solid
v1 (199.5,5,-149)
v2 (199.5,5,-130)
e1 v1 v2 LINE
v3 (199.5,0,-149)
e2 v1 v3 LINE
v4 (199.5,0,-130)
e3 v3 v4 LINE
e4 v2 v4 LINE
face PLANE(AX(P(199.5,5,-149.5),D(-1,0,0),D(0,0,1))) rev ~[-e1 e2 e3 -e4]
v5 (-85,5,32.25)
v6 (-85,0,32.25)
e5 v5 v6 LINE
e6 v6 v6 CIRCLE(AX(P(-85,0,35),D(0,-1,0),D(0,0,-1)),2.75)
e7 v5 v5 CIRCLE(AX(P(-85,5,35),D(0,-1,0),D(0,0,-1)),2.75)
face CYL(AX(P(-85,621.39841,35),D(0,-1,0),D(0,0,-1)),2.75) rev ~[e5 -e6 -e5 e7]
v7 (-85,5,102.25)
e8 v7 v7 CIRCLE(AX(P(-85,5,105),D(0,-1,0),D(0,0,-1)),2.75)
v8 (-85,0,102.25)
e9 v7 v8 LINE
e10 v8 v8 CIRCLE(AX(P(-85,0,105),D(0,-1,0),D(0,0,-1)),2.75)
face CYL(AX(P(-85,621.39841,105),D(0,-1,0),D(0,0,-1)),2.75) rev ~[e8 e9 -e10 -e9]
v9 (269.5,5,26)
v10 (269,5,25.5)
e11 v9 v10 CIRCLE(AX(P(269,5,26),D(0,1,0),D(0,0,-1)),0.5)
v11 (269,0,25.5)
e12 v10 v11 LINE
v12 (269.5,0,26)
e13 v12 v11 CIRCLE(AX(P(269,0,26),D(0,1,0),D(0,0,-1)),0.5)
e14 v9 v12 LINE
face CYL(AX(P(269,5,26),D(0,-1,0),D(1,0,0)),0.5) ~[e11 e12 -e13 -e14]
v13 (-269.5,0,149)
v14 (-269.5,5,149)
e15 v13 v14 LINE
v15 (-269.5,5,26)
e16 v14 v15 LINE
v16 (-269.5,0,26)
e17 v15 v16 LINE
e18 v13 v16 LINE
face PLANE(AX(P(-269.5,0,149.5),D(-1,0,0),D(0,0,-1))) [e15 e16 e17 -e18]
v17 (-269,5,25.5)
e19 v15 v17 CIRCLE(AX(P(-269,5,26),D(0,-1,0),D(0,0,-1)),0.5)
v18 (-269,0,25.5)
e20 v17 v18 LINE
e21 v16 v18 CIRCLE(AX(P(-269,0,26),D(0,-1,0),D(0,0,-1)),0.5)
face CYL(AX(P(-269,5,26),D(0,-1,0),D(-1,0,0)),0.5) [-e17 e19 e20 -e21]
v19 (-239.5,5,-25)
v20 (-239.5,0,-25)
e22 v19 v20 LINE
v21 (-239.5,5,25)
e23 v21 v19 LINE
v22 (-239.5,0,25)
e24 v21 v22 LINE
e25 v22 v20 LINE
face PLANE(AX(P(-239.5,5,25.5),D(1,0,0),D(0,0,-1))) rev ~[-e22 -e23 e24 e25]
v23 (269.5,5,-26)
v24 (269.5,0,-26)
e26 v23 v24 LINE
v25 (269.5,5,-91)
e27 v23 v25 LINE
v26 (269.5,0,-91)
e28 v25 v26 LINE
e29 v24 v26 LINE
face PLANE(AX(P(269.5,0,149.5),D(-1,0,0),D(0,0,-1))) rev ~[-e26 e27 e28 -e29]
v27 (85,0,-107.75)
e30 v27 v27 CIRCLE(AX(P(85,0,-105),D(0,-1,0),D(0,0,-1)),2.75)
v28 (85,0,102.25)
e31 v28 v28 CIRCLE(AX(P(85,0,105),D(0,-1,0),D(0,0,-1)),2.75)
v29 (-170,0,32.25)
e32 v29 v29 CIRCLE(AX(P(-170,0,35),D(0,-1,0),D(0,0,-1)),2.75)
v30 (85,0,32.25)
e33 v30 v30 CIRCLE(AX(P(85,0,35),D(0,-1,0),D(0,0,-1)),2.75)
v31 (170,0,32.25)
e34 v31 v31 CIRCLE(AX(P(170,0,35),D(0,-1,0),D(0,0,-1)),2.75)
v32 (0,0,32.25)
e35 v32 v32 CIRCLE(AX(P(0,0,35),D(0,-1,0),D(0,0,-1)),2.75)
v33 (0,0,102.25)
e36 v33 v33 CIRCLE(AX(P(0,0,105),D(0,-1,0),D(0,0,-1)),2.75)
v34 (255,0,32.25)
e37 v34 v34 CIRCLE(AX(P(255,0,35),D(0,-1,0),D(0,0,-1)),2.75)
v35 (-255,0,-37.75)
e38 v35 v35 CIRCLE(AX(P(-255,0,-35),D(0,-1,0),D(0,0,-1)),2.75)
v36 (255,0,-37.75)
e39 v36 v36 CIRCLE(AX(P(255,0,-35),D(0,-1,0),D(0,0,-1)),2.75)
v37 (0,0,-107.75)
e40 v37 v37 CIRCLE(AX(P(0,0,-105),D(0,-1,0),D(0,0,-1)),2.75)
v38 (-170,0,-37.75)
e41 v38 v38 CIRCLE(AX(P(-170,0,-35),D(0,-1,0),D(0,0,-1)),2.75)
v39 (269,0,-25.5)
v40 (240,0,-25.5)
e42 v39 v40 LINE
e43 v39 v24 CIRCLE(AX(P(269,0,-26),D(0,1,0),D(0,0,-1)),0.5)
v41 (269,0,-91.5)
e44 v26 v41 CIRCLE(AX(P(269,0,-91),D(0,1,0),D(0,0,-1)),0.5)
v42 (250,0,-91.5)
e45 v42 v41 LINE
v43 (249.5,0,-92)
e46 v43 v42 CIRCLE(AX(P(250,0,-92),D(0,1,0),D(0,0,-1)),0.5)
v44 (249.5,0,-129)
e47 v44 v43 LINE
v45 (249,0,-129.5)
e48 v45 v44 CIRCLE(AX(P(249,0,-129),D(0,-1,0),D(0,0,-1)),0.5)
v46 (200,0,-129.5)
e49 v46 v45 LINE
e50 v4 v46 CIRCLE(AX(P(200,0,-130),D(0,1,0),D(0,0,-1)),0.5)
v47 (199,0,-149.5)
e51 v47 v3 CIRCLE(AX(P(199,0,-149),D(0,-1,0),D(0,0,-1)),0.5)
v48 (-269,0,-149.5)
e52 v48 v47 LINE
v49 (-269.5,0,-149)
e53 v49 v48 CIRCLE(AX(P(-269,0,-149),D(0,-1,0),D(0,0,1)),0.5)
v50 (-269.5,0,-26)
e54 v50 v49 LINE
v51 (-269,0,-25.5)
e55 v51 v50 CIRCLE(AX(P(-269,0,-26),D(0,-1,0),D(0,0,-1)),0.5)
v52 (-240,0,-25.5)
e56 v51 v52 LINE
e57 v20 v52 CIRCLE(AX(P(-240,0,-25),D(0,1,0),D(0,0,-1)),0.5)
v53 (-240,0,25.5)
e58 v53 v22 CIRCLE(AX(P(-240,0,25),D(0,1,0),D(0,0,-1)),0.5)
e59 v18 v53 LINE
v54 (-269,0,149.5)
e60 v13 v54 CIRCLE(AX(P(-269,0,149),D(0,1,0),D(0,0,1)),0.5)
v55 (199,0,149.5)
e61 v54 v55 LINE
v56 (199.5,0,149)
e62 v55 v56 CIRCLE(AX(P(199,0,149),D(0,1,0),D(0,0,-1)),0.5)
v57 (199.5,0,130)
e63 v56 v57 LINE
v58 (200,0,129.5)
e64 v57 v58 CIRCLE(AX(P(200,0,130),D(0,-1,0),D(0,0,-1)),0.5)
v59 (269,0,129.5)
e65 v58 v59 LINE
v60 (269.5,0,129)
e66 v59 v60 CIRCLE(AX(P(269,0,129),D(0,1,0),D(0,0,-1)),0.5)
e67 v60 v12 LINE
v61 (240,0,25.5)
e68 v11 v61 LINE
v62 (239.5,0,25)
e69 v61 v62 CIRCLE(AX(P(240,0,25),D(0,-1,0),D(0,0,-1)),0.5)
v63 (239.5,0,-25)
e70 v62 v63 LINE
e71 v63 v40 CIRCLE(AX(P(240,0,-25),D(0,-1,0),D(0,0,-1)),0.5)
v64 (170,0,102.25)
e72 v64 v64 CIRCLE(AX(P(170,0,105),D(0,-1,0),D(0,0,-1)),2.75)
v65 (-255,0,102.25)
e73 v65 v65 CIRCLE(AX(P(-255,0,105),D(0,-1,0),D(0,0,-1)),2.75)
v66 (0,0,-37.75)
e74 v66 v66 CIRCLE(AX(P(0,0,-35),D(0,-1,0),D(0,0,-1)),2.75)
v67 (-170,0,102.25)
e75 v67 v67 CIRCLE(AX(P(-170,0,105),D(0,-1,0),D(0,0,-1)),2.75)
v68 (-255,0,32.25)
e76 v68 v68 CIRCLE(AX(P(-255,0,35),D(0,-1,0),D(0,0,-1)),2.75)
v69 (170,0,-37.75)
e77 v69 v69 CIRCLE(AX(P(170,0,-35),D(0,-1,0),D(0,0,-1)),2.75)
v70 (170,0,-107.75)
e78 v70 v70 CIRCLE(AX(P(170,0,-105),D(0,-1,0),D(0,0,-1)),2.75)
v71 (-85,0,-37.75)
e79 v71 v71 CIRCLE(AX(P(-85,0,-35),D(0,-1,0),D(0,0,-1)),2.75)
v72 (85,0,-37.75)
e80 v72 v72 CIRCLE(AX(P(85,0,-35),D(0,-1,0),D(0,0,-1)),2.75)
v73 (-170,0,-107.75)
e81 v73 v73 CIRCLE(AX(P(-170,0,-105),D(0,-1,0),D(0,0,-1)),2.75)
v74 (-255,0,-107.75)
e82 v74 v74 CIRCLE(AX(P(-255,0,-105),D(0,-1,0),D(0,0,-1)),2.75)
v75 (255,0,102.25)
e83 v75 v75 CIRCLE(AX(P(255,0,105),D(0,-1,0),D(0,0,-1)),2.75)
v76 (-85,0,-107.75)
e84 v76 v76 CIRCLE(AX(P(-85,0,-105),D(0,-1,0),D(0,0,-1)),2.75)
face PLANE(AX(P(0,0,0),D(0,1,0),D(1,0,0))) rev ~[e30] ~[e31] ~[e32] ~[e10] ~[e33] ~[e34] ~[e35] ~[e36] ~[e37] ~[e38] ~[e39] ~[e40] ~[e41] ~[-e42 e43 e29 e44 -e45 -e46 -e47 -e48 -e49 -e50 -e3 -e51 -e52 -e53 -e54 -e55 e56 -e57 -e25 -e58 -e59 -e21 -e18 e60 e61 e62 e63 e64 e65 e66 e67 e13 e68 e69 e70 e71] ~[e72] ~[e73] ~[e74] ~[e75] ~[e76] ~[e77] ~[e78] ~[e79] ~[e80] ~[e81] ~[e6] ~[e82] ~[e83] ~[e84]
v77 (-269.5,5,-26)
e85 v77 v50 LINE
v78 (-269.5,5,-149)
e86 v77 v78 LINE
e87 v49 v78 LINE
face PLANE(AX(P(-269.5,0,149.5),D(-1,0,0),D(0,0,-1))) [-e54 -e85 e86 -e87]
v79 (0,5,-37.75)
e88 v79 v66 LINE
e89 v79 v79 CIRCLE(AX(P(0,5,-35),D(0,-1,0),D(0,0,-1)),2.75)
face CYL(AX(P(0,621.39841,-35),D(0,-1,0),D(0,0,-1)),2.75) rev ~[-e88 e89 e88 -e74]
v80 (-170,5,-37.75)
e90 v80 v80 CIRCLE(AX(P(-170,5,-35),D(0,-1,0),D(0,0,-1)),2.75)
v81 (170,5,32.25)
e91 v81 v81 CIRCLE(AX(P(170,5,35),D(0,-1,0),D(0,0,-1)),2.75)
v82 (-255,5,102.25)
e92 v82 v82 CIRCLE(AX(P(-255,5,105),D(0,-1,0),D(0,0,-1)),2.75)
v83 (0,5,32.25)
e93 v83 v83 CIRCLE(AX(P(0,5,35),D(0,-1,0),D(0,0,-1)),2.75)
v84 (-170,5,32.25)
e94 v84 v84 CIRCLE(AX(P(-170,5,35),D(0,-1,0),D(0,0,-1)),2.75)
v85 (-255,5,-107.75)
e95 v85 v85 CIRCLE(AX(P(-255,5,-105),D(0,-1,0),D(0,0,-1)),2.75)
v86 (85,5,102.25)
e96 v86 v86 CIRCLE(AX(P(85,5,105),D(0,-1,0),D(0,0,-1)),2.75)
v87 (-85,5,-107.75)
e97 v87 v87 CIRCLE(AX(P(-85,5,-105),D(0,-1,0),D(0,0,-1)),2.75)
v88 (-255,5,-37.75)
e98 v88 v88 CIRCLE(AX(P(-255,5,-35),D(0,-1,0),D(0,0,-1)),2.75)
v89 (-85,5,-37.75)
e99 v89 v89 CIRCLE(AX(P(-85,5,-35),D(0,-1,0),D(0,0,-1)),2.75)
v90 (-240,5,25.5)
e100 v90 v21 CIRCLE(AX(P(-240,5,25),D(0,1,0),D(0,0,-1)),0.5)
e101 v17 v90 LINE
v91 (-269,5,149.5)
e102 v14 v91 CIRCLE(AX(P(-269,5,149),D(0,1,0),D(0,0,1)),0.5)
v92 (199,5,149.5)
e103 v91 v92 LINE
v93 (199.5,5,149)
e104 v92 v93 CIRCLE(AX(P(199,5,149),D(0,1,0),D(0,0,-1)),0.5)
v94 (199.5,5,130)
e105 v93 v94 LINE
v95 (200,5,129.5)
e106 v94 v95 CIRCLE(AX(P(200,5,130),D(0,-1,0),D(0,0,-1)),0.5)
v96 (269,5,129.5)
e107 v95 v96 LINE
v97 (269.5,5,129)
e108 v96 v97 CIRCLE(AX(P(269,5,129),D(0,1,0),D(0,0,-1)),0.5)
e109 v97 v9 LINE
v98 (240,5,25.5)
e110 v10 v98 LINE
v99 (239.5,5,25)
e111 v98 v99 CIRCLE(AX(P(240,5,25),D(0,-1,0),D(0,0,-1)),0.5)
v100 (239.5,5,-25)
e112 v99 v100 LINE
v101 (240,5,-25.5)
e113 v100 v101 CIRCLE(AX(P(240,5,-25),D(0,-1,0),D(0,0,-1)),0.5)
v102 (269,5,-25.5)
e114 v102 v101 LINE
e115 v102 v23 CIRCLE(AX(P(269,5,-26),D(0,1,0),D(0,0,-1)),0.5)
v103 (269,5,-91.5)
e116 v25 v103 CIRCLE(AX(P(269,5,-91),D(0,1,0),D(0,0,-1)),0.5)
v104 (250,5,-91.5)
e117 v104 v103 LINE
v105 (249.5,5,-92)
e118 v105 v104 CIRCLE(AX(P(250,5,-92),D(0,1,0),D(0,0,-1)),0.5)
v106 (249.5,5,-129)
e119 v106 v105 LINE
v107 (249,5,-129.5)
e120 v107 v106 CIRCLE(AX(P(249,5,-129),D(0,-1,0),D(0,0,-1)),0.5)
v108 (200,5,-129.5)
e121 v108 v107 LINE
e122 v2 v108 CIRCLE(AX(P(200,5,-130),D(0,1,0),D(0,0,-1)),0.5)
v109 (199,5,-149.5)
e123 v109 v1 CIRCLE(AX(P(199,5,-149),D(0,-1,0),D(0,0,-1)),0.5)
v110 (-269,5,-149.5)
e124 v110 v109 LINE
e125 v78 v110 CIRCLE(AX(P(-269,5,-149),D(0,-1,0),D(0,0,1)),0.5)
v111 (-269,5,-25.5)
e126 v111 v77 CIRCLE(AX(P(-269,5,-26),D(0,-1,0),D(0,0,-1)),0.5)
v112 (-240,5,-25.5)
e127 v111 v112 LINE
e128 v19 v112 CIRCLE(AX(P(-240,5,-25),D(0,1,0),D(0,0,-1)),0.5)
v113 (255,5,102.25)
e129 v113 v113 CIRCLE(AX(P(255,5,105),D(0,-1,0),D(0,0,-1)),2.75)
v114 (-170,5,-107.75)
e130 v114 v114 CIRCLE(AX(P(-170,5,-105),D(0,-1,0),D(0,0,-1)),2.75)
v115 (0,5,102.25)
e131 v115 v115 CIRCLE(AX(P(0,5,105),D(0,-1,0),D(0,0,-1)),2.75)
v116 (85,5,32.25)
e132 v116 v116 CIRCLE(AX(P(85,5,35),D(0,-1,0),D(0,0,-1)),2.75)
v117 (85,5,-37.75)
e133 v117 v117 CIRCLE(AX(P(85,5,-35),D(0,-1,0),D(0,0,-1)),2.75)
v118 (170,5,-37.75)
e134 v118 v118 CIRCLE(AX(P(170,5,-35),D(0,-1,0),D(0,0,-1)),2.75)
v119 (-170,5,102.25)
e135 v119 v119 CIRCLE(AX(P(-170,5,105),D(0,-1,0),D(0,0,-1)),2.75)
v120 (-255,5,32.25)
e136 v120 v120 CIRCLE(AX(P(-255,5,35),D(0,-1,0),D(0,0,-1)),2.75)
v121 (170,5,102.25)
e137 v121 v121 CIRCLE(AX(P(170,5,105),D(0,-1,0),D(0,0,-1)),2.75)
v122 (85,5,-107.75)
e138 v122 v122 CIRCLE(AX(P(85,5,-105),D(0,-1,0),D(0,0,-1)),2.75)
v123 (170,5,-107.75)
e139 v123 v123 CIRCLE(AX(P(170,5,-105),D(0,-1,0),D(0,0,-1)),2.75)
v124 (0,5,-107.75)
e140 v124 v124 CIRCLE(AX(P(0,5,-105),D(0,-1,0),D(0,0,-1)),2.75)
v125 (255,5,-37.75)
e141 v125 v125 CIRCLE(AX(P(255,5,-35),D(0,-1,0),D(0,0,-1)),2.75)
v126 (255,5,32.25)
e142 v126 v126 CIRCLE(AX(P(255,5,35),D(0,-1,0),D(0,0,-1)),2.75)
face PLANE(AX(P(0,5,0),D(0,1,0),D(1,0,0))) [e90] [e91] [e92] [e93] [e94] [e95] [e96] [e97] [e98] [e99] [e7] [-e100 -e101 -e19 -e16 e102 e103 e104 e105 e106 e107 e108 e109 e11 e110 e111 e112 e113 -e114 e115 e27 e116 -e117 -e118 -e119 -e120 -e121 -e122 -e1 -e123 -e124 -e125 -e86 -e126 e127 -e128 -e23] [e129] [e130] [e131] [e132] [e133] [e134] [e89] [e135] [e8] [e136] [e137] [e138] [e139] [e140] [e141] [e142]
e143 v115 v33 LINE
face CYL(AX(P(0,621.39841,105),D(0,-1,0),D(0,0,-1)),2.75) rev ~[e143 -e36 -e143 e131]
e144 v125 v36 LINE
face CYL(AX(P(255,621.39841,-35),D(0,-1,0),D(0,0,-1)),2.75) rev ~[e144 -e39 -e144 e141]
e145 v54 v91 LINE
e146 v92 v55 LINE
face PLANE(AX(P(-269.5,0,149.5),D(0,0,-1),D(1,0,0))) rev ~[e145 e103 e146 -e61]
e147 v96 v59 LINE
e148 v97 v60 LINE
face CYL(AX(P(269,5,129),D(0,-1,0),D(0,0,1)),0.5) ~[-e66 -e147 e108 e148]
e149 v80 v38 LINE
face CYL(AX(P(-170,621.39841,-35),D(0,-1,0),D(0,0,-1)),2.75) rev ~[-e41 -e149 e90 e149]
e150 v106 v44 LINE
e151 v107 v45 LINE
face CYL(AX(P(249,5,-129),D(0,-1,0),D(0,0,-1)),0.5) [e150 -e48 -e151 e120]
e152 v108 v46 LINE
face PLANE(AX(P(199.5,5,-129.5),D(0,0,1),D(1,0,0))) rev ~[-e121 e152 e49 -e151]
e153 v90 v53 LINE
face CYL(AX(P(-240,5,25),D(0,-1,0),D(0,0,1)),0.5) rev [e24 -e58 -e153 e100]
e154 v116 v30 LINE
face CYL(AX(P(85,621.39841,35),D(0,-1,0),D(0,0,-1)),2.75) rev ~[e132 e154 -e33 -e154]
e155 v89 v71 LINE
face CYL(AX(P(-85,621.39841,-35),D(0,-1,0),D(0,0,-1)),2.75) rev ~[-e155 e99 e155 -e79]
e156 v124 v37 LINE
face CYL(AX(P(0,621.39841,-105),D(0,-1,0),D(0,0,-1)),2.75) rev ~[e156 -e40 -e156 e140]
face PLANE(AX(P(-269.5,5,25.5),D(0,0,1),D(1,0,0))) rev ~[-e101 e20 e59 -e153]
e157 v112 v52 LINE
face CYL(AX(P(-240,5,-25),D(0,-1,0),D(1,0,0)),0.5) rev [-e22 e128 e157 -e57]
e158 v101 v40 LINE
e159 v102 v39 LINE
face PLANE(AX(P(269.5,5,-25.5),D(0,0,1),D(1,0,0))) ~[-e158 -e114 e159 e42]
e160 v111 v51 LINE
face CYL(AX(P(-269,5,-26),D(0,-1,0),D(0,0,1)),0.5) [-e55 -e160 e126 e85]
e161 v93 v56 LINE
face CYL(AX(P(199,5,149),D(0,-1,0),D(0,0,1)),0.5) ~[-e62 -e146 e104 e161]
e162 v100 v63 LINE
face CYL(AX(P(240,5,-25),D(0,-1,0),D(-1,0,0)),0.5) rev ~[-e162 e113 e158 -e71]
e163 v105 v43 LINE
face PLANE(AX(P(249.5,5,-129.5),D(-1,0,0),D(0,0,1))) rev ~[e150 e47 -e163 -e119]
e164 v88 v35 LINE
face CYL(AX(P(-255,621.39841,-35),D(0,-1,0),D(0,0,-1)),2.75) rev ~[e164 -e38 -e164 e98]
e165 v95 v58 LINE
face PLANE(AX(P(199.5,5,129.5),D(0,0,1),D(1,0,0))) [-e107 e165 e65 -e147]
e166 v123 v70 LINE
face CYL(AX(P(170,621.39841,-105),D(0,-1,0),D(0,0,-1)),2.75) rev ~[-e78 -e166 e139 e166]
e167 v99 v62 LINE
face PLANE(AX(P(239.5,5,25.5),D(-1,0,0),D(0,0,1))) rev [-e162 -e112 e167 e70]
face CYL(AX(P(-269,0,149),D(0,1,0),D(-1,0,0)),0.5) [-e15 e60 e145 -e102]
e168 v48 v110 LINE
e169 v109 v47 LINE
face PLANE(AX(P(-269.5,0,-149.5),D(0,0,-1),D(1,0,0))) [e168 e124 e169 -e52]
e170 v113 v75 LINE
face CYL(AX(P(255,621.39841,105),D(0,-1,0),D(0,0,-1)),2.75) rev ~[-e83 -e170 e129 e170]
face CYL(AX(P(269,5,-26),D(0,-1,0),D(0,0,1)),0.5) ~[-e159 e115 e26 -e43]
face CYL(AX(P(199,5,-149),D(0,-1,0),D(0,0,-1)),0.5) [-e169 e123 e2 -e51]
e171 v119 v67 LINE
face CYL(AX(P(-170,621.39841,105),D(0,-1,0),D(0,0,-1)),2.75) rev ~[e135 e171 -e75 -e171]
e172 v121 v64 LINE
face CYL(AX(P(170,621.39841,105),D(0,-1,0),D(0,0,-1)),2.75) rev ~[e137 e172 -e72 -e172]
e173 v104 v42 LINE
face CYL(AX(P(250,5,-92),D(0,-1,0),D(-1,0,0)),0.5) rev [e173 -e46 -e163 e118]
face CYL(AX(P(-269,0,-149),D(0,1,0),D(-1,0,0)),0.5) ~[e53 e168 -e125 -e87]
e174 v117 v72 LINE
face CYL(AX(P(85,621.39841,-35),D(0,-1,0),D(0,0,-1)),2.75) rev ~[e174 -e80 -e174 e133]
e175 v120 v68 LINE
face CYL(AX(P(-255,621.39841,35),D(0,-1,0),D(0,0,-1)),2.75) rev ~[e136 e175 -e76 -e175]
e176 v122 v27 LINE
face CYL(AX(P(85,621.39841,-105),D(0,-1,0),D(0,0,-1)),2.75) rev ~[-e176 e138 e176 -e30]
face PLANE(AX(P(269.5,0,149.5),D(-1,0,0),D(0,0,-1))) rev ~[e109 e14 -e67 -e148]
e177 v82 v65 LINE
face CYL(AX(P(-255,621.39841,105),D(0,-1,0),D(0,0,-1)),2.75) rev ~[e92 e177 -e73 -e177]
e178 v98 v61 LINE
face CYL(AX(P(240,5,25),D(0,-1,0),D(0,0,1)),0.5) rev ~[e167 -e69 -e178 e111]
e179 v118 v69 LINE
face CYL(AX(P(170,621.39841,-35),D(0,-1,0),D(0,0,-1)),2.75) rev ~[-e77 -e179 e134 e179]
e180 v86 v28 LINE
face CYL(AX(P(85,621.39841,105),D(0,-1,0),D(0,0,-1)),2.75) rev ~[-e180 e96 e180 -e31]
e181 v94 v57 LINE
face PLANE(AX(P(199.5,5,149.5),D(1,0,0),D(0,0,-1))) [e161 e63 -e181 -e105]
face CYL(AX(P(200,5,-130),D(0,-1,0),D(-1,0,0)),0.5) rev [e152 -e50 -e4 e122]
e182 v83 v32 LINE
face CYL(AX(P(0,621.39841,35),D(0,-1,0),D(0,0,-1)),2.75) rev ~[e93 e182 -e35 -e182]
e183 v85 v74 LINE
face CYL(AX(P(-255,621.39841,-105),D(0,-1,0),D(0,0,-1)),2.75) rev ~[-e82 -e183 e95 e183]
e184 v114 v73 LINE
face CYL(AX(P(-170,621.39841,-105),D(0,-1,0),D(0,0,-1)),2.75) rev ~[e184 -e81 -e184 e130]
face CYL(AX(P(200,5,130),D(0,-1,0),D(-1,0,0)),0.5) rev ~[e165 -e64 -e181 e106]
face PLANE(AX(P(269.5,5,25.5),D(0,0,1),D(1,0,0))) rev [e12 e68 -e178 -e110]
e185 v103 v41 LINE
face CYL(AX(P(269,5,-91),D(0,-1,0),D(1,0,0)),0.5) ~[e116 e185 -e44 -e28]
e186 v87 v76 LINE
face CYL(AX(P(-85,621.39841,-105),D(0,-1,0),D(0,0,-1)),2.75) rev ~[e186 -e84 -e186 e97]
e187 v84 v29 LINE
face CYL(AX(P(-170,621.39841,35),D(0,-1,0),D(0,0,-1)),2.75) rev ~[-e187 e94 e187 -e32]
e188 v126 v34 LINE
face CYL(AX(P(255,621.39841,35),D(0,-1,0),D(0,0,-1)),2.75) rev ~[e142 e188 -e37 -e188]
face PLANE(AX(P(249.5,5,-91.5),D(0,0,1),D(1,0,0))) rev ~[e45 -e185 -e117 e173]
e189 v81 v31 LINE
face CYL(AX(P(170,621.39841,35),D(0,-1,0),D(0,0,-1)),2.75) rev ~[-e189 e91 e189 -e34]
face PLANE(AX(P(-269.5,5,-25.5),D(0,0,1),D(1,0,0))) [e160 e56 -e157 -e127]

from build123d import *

# Parameters (mm, degrees)
SKETCH1_W                  = 539
SKETCH1_H                  = 299
BOSS_EXTRUDE1_DEPTH        = 5
SKETCH5_W                  = 70
SKETCH5_H                  = 20
CUT_EXTRUDE2_DEPTH         = 309.229622197
SKETCH2_W                  = 30
SKETCH2_H                  = 51
CUT_EXTRUDE1_DEPTH         = 309.229622197
F_5_5_5_5_DIAMETER_HOLE1_D = 5.5
LPATTERN1_COUNT            = 7
LPATTERN1_PITCH            = 85
LPATTERN1_COUNT_DIR2       = 4
LPATTERN1_PITCH_DIR2       = 70
FILLET1_R                  = 0.5


with BuildPart() as part:
    # Sketch1 → Boss-Extrude1 (new body)
    with BuildSketch(Plane(origin=(0, 0, 0), x_dir=(1, 0, 0), z_dir=(0, 1, 0))):
        Rectangle(SKETCH1_W, SKETCH1_H)
    extrude(amount=BOSS_EXTRUDE1_DEPTH)

    # Sketch5 → Cut-Extrude2 (cut, through all)
    with BuildSketch(Plane(origin=(0, 5, 0), x_dir=(1, 0, 0), z_dir=(0, 1, 0))):
        Polygon((269.5, 149.5), (199.5, 149.5), (199.5, 129.5), (249.5, 129.5), (249.5, 91.5), (269.5, 91.5), align=None)
        with Locations((234.5, -139.5)):
            Rectangle(SKETCH5_W, SKETCH5_H)
    extrude(amount=-CUT_EXTRUDE2_DEPTH, mode=Mode.SUBTRACT)

    # Sketch2 → Cut-Extrude1 (cut, through all)
    with BuildSketch(Plane(origin=(0, 5, 0), x_dir=(1, 0, 0), z_dir=(0, 1, 0))):
        with Locations((-254.5, 0)):
            Rectangle(SKETCH2_W, SKETCH2_H)
    cut_extrude1 = extrude(amount=-CUT_EXTRUDE1_DEPTH, mode=Mode.SUBTRACT)

    # Mirror1: Cut-Extrude1 across plane
    add(cut_extrude1.mirror(Plane(origin=(0, 0, 0), x_dir=(0, 0, 1), z_dir=(1, 0, 0))), mode=Mode.SUBTRACT)

    # Ø5.5 (5.5) Diameter Hole1 (through all)
    with Locations(Plane(origin=(-255, 5, 105), x_dir=(0, 0, 1), z_dir=(0, 1, 0))):
        with Locations((0, 0)):
            f_5_5_5_5_diameter_hole1 = Hole(F_5_5_5_5_DIAMETER_HOLE1_D / 2)

    # LPattern1: 5.5 _5.5_ Diameter Hole1 7 × 4, 1 skipped
    with Locations(*[(i * LPATTERN1_PITCH, 0, -j * LPATTERN1_PITCH_DIR2) for i in range(LPATTERN1_COUNT) for j in range(LPATTERN1_COUNT_DIR2) if (i, j) not in ((0, 0), (6, 3))]):
        add(f_5_5_5_5_diameter_hole1, mode=Mode.SUBTRACT)

    # Fillet1
    fillet1_edges = [part.edges().sort_by_distance(p)[0] for p in [
        (269.5, 2.5, -91.5),
        (249.5, 2.5, -91.5),
        (249.5, 2.5, -129.5),
        (199.5, 2.5, -129.5),
        (199.5, 2.5, -149.5),
        (269.5, 2.5, 129.5),
        (199.5, 2.5, 149.5),
        (199.5, 2.5, 129.5),
        (-269.5, 2.5, 25.5),
        (-269.5, 2.5, -25.5),
        (-239.5, 2.5, -25.5),
        (-239.5, 2.5, 25.5),
        (269.5, 2.5, -25.5),
        (269.5, 2.5, 25.5),
        (239.5, 2.5, 25.5),
        (239.5, 2.5, -25.5),
        (-269.5, 2.5, -149.5),
        (-269.5, 2.5, 149.5),
    ]]
    fillet(fillet1_edges, radius=FILLET1_R)


solid = part.part
